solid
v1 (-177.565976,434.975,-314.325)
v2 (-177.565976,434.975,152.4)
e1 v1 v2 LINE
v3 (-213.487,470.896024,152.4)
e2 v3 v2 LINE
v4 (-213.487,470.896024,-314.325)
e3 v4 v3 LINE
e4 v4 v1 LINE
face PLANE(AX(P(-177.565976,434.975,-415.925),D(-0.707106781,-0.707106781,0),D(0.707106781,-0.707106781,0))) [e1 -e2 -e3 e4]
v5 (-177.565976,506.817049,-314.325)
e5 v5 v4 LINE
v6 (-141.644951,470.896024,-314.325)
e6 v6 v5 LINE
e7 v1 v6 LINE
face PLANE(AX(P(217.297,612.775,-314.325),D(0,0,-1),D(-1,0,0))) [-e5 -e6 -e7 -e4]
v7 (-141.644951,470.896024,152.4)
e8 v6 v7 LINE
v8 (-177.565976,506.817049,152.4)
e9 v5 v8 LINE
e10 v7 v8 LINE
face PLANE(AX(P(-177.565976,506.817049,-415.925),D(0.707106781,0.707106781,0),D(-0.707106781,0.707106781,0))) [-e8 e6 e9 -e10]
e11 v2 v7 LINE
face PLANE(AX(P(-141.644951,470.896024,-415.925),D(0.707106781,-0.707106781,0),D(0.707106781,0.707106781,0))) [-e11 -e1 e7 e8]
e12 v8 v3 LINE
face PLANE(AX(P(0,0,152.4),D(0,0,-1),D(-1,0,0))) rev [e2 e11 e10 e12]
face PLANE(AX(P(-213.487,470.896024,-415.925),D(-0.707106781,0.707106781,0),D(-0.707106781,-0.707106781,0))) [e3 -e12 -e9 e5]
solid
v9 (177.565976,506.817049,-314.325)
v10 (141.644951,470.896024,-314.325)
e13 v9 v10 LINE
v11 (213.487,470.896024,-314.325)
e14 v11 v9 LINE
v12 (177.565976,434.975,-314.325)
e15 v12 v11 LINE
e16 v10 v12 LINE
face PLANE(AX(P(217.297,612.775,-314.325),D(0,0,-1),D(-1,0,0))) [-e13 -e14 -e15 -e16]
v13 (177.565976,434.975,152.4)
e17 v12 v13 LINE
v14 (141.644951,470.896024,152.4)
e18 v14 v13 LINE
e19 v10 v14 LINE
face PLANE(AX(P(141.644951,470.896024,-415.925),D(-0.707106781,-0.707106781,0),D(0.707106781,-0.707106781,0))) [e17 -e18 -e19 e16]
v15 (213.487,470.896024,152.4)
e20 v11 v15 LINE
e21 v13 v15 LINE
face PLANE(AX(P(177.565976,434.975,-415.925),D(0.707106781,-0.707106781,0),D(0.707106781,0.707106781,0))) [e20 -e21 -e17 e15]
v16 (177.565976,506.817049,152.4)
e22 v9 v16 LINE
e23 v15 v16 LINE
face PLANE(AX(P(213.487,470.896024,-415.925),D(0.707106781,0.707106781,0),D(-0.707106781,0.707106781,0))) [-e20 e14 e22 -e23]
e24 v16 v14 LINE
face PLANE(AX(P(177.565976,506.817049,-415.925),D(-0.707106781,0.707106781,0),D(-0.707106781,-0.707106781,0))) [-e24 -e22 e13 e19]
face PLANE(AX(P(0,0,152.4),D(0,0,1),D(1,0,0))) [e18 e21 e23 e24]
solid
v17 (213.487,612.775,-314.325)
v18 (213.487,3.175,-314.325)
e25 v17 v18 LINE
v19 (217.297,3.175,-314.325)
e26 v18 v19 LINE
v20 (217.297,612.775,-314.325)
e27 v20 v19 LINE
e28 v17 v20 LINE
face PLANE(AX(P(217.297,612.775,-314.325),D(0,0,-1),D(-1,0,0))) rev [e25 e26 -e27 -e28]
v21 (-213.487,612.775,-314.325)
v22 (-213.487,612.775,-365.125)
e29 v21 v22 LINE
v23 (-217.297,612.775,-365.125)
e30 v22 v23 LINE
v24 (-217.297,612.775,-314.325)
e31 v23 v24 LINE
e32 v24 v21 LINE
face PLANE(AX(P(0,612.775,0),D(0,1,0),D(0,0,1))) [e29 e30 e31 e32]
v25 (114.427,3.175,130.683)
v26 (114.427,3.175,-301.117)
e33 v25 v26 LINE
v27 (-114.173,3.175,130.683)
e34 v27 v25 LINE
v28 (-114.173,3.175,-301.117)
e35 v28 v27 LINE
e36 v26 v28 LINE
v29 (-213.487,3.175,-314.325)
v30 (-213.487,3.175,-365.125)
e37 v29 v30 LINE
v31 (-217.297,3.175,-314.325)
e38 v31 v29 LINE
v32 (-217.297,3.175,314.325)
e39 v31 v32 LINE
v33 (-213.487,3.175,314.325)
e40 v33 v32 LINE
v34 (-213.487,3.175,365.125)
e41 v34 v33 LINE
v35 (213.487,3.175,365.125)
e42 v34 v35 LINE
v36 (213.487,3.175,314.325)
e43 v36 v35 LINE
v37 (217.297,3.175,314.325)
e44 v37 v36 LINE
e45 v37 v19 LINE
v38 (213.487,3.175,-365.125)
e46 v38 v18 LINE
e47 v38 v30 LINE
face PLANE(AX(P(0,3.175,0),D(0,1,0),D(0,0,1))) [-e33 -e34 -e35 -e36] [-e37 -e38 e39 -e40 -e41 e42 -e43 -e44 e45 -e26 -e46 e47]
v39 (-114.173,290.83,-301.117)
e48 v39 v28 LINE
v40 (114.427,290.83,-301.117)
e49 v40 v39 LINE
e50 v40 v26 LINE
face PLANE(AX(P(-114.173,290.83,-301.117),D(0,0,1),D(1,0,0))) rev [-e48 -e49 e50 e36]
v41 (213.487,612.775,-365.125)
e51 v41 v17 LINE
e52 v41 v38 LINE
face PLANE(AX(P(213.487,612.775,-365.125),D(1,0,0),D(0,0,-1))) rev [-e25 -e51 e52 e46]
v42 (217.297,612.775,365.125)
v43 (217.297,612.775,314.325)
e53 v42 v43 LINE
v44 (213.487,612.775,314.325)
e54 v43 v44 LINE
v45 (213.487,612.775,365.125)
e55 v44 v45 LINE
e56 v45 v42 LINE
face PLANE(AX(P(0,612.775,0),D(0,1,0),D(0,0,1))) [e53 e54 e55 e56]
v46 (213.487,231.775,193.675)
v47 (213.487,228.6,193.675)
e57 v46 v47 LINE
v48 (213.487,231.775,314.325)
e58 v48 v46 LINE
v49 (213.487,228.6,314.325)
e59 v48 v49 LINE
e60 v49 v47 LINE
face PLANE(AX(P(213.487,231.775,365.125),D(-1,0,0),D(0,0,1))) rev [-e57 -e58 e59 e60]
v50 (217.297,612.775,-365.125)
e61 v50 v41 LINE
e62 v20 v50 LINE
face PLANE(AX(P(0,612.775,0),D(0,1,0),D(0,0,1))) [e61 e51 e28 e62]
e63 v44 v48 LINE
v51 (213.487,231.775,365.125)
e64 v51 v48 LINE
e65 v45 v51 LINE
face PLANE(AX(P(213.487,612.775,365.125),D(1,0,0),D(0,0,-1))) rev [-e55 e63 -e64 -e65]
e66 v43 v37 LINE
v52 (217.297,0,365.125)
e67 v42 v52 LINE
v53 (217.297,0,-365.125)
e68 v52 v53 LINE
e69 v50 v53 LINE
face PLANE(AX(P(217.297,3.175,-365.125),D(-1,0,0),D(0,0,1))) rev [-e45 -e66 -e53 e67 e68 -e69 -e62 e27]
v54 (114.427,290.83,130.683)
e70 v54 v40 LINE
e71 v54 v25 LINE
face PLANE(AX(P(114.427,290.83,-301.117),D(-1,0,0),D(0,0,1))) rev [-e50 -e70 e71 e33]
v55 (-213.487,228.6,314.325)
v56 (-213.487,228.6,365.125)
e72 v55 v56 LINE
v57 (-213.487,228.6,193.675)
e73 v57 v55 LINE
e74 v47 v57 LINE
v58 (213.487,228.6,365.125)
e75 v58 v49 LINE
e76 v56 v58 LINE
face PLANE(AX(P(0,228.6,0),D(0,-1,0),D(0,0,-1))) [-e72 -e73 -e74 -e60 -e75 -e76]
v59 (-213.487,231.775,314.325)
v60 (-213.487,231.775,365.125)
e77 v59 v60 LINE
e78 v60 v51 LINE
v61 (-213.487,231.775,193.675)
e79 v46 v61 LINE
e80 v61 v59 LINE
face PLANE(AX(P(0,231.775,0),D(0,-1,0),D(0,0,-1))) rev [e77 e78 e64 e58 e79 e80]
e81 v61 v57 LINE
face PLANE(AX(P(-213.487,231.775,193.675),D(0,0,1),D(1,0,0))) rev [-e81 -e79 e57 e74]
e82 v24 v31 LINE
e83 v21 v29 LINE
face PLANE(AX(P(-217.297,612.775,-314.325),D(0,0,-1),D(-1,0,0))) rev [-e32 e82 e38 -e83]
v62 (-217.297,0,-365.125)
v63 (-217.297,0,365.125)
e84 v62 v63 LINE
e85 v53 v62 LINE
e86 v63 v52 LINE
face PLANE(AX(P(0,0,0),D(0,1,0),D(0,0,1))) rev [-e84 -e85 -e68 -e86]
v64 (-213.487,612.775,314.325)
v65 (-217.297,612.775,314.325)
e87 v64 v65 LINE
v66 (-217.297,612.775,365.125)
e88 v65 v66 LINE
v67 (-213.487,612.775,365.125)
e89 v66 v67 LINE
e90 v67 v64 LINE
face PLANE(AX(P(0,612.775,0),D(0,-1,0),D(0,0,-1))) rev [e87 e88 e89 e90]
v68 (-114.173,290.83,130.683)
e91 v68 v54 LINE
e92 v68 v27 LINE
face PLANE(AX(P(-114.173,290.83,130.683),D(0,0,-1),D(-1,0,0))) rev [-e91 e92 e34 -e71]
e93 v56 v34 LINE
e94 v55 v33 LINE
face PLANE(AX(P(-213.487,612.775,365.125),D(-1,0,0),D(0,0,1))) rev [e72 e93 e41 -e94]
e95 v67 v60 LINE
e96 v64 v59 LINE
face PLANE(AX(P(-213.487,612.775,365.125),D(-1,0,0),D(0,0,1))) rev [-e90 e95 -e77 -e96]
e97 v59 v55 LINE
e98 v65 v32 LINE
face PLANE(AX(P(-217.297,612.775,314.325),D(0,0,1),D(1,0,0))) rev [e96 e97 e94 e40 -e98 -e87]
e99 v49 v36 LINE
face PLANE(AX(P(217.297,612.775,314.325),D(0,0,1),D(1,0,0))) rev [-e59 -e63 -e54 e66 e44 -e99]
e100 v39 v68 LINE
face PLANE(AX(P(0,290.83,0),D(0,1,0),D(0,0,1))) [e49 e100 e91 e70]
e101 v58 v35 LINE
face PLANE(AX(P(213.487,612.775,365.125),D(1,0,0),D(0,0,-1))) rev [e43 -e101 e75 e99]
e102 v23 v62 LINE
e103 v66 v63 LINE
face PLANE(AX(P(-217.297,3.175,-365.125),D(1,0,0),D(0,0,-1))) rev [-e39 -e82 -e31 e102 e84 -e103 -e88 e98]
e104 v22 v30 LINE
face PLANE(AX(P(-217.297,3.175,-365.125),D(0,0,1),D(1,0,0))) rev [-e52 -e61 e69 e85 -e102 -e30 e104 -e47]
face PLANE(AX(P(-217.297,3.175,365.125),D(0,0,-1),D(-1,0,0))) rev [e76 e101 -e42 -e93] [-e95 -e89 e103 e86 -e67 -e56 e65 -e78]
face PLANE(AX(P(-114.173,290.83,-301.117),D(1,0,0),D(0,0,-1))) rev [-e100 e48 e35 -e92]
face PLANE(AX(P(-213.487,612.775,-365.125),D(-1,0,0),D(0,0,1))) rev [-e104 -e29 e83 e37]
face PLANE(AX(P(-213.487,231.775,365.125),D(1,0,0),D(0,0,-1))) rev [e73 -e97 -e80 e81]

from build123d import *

# Parameters (mm, degrees)
SKETCH1_W             = 434.594
SKETCH1_H             = 730.25
BOSS_EXTRUDE1_DEPTH   = 3.175
SKETCH2_W             = 3.81
SKETCH2_H             = 50.8
BOSS_EXTRUDE2_DEPTH   = 609.6
SKETCH3_W             = 426.974
SKETCH3_H             = 171.45
BOSS_EXTRUDE3_DEPTH   = 3.175
SKETCH4_W             = 228.6
SKETCH4_H             = 431.8
BOSS_EXTRUDE4_DEPTH   = 287.655
BOSS_EXTRUDE5_DEPTH   = 466.725
BOSS_EXTRUDE5_2_DEPTH = 466.725


with BuildPart() as part:
    # Sketch1 → Boss-Extrude1 (new body)
    with BuildSketch(Plane(origin=(0, 0, 0), x_dir=(1, 0, 0), z_dir=(0, 1, 0))):
        Rectangle(SKETCH1_W, SKETCH1_H)
    extrude(amount=BOSS_EXTRUDE1_DEPTH)

    # Sketch2 → Boss-Extrude2 (add)
    with BuildSketch(Plane(origin=(0, 3.175, 0), x_dir=(1, 0, 0), z_dir=(0, 1, 0))):
        with Locations((-215.392, -339.725)):
            Rectangle(SKETCH2_W, SKETCH2_H)
        with Locations((215.392, -339.725)):
            Rectangle(SKETCH2_W, SKETCH2_H)
        with Locations((215.392, 339.725)):
            Rectangle(SKETCH2_W, SKETCH2_H)
        with Locations((-215.392, 339.725)):
            Rectangle(SKETCH2_W, SKETCH2_H)
    extrude(amount=BOSS_EXTRUDE2_DEPTH)

    # Sketch3 → Boss-Extrude3 (add)
    with BuildSketch(Plane(origin=(0, 228.6, 0), x_dir=(1, 0, 0), z_dir=(0, 1, 0))):
        with Locations((0, -279.4)):
            Rectangle(SKETCH3_W, SKETCH3_H)
    extrude(amount=BOSS_EXTRUDE3_DEPTH)

    # Sketch4 → Boss-Extrude4 (add)
    with BuildSketch(Plane(origin=(0, 3.175, 0), x_dir=(1, 0, 0), z_dir=(0, 1, 0))):
        with Locations((0.127, 85.217)):
            Rectangle(SKETCH4_W, SKETCH4_H)
    extrude(amount=BOSS_EXTRUDE4_DEPTH)


with BuildPart() as body_2:
    # Sketch5 → Boss-Extrude5 (new body)
    with BuildSketch(Plane.XY.offset(152.4)):
        Polygon((177.565975516, 506.817048969), (141.644951031, 470.896024484), (177.565975516, 434.975), (213.487, 470.896024484), align=None)
    extrude(amount=-BOSS_EXTRUDE5_DEPTH)


with BuildPart() as body_3:
    # Sketch5 → Boss-Extrude5 2 (new body)
    with BuildSketch(Plane.XY.offset(152.4)):
        Polygon((-177.565975516, 434.975), (-213.487, 470.896024484), (-177.565975516, 506.817048969), (-141.644951031, 470.896024484), align=None)
    extrude(amount=-BOSS_EXTRUDE5_2_DEPTH)


solid = Compound([part.part, body_2.part, body_3.part])
